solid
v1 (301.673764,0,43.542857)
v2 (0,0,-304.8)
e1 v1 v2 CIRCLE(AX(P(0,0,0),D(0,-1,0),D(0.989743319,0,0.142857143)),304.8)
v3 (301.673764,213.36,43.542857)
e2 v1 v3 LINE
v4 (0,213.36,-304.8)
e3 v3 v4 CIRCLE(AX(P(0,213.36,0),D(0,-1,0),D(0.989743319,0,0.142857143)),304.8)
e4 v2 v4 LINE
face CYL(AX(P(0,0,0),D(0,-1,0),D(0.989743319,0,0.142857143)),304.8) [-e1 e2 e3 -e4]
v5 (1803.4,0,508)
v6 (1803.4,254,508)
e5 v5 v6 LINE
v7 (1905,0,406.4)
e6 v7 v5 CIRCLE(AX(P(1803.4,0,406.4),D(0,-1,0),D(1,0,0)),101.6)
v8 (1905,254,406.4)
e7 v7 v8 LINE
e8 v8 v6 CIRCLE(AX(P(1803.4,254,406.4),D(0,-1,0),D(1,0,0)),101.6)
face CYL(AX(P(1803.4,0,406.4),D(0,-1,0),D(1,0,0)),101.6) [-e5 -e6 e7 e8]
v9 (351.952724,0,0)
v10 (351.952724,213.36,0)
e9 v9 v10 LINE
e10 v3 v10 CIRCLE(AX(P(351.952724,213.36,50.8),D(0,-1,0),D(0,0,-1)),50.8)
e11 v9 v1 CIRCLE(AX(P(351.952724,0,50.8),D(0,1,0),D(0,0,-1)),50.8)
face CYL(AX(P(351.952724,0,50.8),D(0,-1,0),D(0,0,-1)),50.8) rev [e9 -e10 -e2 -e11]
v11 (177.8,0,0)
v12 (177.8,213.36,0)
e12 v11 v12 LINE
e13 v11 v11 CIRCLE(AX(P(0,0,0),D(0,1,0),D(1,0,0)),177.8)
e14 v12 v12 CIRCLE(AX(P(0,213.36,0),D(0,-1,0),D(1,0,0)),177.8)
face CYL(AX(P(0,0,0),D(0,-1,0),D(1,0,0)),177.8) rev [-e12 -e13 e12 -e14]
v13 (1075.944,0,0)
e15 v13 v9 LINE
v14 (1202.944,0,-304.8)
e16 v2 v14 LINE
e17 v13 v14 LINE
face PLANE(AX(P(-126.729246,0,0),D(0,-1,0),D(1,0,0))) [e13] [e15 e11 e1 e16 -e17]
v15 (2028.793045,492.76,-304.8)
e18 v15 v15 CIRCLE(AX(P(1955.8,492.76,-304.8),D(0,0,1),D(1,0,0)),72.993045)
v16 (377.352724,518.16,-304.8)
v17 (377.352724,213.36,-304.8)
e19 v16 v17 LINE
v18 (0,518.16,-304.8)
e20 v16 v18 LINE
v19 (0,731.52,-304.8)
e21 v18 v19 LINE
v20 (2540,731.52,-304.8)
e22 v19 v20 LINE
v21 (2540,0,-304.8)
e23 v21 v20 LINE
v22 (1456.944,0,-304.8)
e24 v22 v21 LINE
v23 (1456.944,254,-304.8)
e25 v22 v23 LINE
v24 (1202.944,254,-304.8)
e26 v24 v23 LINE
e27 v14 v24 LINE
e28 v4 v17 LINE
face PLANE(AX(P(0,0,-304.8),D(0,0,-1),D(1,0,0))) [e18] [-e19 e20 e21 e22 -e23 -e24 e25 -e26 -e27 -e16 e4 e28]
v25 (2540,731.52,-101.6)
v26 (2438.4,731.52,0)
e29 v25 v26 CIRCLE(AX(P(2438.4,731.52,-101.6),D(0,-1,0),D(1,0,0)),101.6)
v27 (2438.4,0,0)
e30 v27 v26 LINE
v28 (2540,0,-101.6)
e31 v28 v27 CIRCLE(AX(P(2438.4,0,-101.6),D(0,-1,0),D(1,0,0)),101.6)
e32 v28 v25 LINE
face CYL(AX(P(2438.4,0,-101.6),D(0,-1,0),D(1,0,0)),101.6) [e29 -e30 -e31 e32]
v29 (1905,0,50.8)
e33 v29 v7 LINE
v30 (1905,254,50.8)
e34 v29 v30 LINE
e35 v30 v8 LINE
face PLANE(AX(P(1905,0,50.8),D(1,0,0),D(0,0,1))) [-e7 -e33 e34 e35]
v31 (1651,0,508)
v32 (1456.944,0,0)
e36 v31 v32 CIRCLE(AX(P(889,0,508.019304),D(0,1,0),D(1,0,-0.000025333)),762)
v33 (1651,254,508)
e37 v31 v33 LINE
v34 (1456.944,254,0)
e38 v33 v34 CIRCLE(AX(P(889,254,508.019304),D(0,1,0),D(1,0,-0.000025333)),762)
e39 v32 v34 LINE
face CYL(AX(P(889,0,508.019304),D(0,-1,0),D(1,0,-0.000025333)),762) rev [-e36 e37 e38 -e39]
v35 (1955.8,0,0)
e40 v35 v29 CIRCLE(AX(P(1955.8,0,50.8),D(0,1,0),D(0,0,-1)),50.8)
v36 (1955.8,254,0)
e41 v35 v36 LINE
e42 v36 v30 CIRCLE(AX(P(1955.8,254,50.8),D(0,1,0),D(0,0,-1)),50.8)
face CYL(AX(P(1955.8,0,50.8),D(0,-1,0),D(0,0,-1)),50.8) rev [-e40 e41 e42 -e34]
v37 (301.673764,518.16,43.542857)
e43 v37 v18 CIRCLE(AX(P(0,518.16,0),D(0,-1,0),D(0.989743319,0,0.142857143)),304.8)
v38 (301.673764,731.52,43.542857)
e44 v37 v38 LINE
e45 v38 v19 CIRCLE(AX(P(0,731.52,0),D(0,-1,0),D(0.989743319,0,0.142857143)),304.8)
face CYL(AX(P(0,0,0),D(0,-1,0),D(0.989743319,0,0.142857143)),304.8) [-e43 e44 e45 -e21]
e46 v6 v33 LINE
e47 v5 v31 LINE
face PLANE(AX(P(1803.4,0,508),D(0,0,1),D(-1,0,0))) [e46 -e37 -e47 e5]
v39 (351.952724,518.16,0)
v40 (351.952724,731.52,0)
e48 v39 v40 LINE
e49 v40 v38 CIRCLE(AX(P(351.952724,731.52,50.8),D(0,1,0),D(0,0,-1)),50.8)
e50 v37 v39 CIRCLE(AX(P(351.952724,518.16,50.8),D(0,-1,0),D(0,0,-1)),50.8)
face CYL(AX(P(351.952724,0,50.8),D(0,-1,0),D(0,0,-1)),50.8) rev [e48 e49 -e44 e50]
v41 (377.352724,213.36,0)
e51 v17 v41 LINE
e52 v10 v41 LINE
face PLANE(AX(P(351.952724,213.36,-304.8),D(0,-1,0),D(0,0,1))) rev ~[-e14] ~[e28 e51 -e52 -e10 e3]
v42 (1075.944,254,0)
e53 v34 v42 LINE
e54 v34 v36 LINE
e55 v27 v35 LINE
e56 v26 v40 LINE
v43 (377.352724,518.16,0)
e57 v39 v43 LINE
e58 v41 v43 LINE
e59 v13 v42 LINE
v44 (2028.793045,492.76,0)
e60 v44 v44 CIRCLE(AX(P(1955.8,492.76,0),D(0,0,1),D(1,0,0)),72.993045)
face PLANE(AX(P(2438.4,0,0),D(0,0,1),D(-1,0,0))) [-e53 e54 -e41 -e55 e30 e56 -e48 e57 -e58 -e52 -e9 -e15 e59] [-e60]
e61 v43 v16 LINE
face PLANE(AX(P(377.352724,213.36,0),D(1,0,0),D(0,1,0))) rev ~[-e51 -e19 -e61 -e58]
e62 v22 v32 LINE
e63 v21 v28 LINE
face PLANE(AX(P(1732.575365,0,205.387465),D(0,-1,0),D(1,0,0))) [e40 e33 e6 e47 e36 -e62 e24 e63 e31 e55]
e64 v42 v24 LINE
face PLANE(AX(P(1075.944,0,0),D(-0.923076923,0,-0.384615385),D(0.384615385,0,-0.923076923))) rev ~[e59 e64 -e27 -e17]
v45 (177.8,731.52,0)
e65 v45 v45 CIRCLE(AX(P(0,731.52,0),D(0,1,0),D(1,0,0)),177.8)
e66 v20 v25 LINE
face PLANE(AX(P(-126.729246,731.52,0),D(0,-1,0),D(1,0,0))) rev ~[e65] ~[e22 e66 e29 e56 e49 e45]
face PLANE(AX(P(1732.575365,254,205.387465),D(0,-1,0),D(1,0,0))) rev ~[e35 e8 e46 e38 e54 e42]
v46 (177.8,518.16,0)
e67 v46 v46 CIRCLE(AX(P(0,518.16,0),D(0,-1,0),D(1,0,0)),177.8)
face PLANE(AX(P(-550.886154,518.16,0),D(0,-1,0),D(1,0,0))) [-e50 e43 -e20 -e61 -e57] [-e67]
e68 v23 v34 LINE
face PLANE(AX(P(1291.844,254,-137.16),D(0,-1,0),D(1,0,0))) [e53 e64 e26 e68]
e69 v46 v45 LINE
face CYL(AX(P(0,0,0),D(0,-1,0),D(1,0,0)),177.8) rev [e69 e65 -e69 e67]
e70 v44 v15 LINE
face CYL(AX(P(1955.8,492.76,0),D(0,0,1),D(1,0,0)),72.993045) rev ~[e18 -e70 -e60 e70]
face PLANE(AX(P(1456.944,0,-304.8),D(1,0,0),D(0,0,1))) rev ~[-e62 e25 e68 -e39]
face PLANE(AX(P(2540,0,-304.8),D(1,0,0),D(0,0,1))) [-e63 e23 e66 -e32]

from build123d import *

# Parameters (mm, degrees)
F1_DEPTH = 731.52
F2_DEPTH = 254
F3_DEPTH = 254
F4_W     = 902.8388782728
F4_H     = 304.8
F5_DEPTH = 459.74
F4_R     = 72.9930452804
F6_DEPTH = 408.94
F7_DEPTH = 25.4


with BuildPart() as f1:
    # F0 (on Front) → F1 (new body)
    with BuildSketch(Plane.XZ):
        with BuildLine():
            ThreePointArc((0, -177.8), (-177.8, 0), (0, 177.8))
            Line((0, 177.8), (0, 304.8))
            ThreePointArc((0, 304.8), (-304.8, 0), (0, -304.8))
            Line((0, -304.8), (0, -177.8))
        make_face()
        Polygon((1075.944, 0), (1202.944, -304.8), (1456.944, -304.8), (1456.944, 0), align=None)
        with BuildLine():
            Line((1456.944, 0), (1456.944, -304.8))
            Line((1456.944, -304.8), (2540, -304.8))
            Line((2540, -304.8), (2540, -101.6))
            ThreePointArc((2540, -101.6), (2510.2420489686, -29.7579510314), (2438.4, 0))
            Line((2438.4, 0), (1955.8, 0))
            Line((1955.8, 0), (1456.944, 0))
        make_face()
        with BuildLine():
            ThreePointArc((0, 177.8), (125.723585695, 125.723585695), (177.8, 0))
            ThreePointArc((177.8, 0), (125.723585695, -125.723585695), (0, -177.8))
            Line((0, -177.8), (0, -304.8))
            Line((0, -304.8), (1202.944, -304.8))
            Line((1202.944, -304.8), (1075.944, 0))
            Line((1075.944, 0), (351.952724098, 0))
            ThreePointArc((351.952724098, 0), (318.696317626, 12.3988095423), (301.6737635126, 43.5428571429))
            ThreePointArc((301.6737635126, 43.5428571429), (199.5384388318, 230.4071427464), (0, 304.8))
            Line((0, 304.8), (0, 177.8))
        make_face()
    extrude(amount=-F1_DEPTH)

    # F0 (on Front) → F2 (cut)
    with BuildSketch(Plane.XZ):
        Polygon((1075.944, 0), (1202.944, -304.8), (1456.944, -304.8), (1456.944, 0), align=None)
    extrude(amount=-F2_DEPTH, mode=Mode.SUBTRACT)

    # F0 (on Front) → F3 (join)
    with BuildSketch(Plane.XZ):
        with BuildLine():
            ThreePointArc((1651, 508), (1600.8312727093, 236.0997578251), (1456.944, 0))
            Line((1456.944, 0), (1955.8, 0))
            ThreePointArc((1955.8, 0), (1919.8789755157, 14.8789755157), (1905, 50.8))
            Line((1905, 50.8), (1905, 406.4))
            ThreePointArc((1905, 406.4), (1875.2420489686, 478.2420489686), (1803.4, 508))
            Line((1803.4, 508), (1651, 508))
        make_face()
    extrude(amount=-F3_DEPTH)

    # F4 (on face) → F5 (cut, symmetric)
    with BuildSketch(Plane.XY):
        with Locations((-99.4667150384, 365.76)):
            Rectangle(F4_W, F4_H)
    extrude(amount=F5_DEPTH, both=True, mode=Mode.SUBTRACT)

    # F4 (on face) → F6 (cut)
    with BuildSketch(Plane.XY):
        with Locations((1955.8, 492.76)):
            Circle(F4_R)
    extrude(amount=-F6_DEPTH, mode=Mode.SUBTRACT)

    # F7 (cut): a face of the model
    f7_faces = [f1.faces().sort_by_distance(p)[0] for p in [
        (351.952724098, 365.76, -152.4),
    ]]
    extrude(f7_faces, amount=-F7_DEPTH, mode=Mode.SUBTRACT)


solid = f1.part
